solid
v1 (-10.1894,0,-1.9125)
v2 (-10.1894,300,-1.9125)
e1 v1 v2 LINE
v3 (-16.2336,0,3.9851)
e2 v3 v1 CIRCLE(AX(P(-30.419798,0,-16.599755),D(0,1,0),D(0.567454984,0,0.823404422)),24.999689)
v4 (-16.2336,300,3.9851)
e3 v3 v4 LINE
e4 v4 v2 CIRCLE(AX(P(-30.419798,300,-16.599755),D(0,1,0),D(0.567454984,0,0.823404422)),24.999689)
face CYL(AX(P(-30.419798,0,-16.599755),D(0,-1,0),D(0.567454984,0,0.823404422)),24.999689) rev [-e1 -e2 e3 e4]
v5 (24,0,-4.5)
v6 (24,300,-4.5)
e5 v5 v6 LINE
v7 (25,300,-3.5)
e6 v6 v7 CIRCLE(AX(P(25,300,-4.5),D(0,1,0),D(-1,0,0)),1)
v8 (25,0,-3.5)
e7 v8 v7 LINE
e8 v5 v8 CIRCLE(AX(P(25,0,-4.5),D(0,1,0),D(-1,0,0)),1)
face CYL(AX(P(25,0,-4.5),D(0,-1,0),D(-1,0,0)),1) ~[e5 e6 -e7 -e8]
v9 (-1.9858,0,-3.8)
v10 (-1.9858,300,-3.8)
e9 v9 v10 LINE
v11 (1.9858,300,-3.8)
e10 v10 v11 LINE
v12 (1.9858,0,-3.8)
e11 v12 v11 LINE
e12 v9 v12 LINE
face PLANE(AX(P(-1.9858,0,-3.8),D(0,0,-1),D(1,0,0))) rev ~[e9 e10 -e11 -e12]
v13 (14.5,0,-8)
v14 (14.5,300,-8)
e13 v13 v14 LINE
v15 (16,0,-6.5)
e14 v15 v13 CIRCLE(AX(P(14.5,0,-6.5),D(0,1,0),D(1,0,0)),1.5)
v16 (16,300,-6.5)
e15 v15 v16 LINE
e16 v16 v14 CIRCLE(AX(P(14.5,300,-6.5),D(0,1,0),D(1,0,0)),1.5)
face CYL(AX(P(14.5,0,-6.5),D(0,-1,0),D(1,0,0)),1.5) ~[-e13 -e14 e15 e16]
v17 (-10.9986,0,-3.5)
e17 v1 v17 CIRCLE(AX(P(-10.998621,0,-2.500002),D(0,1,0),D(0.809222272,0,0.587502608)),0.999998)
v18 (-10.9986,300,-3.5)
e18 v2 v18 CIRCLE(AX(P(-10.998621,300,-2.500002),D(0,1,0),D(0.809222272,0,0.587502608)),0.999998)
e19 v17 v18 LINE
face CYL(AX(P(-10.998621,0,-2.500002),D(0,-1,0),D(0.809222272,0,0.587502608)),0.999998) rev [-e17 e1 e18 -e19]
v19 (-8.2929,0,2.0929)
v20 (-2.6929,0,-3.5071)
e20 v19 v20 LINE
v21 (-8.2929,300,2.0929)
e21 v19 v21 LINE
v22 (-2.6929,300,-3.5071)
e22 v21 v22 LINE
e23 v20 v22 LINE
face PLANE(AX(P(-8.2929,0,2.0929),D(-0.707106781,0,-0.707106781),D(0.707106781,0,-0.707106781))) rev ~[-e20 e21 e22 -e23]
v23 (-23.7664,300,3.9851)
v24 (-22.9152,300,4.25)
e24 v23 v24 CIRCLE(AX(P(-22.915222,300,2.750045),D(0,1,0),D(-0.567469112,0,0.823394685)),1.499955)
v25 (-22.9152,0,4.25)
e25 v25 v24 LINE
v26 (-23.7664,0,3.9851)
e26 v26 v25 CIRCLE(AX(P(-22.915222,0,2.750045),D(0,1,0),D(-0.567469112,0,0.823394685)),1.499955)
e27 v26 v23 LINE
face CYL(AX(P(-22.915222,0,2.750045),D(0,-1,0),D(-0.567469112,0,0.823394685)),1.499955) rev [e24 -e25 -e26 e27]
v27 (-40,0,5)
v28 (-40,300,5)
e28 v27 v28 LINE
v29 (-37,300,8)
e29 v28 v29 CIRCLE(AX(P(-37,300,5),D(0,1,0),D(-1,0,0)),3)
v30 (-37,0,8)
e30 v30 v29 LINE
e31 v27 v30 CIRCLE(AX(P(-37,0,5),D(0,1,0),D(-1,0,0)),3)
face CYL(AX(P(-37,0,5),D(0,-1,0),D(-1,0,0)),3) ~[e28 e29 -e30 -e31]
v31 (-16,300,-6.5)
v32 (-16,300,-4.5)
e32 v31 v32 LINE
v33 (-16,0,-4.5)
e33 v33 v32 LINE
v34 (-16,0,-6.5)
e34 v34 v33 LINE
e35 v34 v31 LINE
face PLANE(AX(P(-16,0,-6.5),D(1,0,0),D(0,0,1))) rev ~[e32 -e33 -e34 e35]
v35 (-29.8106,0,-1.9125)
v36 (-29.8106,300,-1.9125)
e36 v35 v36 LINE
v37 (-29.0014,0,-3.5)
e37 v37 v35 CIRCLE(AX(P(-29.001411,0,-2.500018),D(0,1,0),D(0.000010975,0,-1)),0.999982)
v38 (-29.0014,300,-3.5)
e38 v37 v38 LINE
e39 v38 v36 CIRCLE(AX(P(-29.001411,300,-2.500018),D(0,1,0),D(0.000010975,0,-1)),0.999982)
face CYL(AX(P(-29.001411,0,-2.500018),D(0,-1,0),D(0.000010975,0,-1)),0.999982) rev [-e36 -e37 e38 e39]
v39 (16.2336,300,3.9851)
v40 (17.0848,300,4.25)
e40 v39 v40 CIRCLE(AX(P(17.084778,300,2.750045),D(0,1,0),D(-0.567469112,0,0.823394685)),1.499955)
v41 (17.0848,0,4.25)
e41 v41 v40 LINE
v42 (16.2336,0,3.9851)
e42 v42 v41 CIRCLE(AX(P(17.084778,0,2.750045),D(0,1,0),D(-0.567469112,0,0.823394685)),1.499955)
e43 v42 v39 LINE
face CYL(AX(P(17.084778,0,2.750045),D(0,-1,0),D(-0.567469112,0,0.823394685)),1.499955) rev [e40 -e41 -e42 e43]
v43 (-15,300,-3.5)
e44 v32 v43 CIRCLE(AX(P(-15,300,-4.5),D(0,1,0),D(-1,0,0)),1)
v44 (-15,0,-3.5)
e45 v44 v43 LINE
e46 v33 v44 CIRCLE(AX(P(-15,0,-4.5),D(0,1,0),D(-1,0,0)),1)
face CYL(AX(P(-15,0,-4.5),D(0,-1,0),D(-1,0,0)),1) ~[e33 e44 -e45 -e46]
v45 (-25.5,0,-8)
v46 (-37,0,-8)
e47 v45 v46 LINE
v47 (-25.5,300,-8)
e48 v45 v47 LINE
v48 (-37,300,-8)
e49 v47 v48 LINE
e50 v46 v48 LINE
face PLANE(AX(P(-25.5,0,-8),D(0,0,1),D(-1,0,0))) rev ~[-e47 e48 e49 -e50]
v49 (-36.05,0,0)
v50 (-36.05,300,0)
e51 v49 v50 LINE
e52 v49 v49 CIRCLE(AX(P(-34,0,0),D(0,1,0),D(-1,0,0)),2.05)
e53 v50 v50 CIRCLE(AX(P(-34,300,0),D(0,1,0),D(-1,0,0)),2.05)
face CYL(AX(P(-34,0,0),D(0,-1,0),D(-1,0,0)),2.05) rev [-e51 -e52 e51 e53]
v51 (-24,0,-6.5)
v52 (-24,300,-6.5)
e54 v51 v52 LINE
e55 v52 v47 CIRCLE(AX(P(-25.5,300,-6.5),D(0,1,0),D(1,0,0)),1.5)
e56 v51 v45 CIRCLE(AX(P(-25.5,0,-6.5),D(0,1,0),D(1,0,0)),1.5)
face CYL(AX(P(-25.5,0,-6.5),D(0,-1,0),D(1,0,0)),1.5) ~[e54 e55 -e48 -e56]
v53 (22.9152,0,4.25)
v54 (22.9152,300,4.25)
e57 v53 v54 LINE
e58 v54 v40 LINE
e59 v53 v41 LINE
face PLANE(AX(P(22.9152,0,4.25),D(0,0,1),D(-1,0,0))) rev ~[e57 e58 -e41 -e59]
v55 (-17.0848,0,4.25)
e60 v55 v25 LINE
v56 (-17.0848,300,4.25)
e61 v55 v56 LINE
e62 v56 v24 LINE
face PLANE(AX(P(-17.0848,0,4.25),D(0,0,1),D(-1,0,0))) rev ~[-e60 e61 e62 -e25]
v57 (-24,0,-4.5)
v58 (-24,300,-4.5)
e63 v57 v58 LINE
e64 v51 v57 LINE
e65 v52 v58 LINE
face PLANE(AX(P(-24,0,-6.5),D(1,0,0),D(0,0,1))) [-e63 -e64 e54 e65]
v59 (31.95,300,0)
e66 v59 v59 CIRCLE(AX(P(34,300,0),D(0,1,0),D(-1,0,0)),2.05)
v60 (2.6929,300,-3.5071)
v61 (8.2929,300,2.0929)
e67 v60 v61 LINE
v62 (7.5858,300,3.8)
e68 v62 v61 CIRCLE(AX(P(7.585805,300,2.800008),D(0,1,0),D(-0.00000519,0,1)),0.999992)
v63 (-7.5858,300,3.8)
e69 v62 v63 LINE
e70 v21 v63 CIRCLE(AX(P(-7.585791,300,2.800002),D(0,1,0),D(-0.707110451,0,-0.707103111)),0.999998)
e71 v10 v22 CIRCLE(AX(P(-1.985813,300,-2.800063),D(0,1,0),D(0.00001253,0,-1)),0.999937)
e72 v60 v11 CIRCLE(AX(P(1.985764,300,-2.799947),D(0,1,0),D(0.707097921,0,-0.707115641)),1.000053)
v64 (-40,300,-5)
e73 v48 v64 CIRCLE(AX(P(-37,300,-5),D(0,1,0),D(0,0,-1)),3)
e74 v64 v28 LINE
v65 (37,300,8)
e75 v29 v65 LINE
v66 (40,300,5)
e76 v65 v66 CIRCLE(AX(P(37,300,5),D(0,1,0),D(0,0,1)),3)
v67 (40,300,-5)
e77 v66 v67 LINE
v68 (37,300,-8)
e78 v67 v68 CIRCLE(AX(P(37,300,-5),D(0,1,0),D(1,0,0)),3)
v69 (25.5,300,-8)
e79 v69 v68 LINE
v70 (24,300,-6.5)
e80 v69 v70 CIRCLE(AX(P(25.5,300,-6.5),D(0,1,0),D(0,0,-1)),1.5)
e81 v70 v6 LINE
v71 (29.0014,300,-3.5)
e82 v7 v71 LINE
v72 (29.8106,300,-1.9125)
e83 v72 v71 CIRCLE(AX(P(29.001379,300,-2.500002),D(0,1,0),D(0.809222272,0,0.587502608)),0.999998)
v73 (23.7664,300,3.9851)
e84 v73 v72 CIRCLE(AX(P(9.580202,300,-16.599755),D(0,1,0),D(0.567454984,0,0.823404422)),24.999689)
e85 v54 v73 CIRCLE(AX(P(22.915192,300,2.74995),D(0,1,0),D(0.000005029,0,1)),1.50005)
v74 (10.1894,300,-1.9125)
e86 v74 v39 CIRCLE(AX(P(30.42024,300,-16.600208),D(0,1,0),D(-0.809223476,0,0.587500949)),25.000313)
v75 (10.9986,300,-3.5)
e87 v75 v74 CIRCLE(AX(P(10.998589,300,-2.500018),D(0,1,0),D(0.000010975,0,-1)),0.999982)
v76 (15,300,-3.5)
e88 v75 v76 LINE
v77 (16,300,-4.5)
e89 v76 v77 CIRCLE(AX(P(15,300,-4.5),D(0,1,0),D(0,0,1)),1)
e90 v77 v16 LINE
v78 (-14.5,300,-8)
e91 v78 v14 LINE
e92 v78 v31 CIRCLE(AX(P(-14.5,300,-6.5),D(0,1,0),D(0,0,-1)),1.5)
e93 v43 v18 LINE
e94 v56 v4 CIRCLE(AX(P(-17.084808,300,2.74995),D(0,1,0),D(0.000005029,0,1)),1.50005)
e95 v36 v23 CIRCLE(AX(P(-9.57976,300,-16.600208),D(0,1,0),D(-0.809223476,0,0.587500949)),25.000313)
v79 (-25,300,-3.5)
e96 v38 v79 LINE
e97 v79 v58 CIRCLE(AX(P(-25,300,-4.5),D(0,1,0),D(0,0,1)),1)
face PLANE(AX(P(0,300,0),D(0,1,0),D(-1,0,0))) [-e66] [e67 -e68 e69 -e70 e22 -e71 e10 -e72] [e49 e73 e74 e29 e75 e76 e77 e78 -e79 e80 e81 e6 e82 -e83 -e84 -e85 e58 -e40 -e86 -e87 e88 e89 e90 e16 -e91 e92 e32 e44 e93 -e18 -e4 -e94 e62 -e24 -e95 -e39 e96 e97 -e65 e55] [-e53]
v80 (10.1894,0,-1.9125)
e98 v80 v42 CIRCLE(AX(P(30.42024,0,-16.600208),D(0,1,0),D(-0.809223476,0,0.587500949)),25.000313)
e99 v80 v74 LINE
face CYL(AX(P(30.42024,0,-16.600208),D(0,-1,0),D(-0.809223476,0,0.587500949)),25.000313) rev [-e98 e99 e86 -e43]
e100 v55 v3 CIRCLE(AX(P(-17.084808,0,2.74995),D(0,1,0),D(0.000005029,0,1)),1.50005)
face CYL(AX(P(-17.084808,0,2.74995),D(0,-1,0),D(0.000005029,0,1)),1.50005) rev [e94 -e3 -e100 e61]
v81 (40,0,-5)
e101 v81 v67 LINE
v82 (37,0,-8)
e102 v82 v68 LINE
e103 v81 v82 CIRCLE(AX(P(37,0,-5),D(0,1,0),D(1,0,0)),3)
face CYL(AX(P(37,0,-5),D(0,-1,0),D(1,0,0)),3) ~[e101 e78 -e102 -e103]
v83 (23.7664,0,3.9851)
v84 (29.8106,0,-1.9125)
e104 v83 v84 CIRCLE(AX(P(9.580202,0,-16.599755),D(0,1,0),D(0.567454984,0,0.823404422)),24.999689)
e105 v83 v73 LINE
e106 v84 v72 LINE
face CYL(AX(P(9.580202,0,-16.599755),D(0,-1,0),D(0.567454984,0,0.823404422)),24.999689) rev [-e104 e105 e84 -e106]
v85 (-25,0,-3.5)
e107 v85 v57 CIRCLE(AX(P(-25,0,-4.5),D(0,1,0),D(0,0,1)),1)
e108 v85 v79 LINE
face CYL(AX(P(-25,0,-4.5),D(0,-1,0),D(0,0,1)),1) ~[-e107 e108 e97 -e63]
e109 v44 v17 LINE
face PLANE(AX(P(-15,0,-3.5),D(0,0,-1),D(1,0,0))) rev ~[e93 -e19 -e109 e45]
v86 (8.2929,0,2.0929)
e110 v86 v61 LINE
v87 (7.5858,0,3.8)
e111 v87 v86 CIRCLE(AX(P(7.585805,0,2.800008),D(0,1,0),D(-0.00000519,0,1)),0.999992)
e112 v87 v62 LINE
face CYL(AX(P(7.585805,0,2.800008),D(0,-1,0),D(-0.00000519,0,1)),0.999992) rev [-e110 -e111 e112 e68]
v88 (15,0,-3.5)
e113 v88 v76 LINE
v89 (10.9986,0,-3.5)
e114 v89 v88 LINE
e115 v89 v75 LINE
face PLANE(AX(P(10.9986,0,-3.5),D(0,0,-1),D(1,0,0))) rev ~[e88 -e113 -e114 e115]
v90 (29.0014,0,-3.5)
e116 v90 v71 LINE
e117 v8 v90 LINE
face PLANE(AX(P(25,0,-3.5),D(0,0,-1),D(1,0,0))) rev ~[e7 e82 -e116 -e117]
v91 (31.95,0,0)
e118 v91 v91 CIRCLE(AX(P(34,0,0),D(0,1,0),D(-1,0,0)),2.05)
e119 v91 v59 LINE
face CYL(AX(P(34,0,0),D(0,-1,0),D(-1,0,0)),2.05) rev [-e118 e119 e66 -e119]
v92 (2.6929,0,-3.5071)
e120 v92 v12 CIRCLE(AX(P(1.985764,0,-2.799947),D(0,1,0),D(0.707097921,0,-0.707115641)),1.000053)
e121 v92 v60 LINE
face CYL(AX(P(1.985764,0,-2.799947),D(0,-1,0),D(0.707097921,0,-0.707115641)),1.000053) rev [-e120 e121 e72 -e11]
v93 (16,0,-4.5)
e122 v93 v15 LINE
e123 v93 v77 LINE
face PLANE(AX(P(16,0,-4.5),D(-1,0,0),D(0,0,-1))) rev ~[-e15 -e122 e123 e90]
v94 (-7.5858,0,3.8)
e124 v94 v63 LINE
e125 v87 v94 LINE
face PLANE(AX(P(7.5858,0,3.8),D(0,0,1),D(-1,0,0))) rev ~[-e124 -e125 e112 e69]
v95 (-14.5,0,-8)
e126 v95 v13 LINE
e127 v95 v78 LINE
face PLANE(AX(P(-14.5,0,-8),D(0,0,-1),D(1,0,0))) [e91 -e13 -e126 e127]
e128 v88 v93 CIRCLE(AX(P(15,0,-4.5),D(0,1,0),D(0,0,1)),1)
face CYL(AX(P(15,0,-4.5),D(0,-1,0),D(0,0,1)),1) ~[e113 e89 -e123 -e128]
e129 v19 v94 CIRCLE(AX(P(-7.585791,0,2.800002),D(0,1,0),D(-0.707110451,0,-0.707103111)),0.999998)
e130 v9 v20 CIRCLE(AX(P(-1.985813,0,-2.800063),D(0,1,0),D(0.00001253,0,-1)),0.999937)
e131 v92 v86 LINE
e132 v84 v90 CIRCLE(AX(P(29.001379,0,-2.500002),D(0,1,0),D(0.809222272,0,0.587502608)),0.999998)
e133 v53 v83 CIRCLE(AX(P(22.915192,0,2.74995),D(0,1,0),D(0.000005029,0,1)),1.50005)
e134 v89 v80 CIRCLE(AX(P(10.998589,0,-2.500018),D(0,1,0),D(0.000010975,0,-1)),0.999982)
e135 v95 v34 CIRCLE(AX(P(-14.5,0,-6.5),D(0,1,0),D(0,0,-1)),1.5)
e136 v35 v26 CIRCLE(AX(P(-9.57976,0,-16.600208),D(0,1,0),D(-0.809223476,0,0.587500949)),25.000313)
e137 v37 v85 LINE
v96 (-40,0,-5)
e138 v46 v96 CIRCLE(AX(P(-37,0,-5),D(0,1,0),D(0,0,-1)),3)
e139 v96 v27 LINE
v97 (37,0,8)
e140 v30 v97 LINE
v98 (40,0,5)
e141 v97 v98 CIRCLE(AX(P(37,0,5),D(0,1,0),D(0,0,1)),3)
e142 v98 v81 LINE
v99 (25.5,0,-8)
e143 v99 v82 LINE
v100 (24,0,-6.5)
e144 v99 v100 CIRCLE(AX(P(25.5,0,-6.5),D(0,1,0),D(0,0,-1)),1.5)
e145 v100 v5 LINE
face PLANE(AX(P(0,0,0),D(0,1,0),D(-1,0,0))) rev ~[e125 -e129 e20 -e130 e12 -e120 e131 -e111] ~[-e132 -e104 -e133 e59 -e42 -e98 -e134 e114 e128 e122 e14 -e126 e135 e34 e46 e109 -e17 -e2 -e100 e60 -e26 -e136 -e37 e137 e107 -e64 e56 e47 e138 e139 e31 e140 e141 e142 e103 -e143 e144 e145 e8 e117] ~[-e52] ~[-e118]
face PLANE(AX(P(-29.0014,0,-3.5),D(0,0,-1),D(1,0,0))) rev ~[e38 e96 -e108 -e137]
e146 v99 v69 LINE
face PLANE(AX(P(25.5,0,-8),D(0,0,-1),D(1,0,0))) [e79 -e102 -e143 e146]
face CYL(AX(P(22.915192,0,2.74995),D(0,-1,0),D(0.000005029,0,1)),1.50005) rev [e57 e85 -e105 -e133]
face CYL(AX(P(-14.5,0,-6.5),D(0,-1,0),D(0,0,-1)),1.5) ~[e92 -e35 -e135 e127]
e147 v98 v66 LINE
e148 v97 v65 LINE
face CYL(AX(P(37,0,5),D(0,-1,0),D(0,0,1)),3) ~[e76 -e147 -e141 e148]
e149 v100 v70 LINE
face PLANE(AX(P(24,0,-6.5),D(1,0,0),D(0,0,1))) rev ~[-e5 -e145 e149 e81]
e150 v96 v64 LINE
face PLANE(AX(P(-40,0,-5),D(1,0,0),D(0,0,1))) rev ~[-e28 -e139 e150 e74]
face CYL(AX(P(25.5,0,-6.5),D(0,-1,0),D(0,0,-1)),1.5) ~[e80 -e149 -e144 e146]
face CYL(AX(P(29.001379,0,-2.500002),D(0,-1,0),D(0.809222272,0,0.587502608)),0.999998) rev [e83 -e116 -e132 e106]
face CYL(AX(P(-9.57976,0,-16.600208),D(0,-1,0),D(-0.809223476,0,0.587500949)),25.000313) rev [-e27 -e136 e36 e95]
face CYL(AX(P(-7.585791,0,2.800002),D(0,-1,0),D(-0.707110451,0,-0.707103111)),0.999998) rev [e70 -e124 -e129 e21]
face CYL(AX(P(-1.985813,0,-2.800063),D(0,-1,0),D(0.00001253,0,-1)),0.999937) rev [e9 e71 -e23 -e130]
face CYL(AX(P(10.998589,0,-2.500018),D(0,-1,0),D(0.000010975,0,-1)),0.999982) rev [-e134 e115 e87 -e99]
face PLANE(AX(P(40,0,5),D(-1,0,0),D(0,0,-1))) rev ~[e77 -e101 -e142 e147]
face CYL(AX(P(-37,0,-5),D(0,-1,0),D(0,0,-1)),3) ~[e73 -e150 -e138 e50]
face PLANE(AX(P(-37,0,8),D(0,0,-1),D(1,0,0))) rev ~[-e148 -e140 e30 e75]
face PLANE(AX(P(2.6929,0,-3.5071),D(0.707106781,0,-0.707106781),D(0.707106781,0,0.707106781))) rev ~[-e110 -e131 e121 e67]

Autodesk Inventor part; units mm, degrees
ref_plane "YZ Plane" through (0, 0, 0) normal (1, 0, 0) x (0, 1, 0)
ref_plane "Start Plane" through (0, 0, 0) normal (0, 1, 0) x (-1, 0, 0)
ref_plane "End Plane" through (0, 300, 0) normal (0, 1, 0) x (-1, 0, 0)
sketch "Sketch1" plane through (0, 0, 0) normal (0, 1, 0) x (-1, 0, 0)
  line L0 (40, -5) -> (40, 5)
  arc A0 (40, 5) -> (37, 8) centre (37, 5) ccw
  line L1 (37, 8) -> (-37, 8)
  line L2 (14.5, -8) -> (-14.5, -8)
  arc A1 (14.5, -8) -> (16, -6.5) centre (14.5, -6.5) ccw
  line L3 (-25.5, -8) -> (-37, -8)
  arc A2 (-25.5, -8) -> (-24, -6.5) centre (-25.5, -6.5) ccw
  arc A3 (-37, 8) -> (-40, 5) centre (-37, 5) ccw
  line L4 (-40, 5) -> (-40, -5)
  arc A4 (-40, -5) -> (-37, -8) centre (-37, -5) ccw
  line L5 (-24, -6.5) -> (-24, -4.5)
  arc A5 (-24, -4.5) -> (-25, -3.5) centre (-25, -4.5) ccw
  line L6 (-25, -3.5) -> (-29.0014, -3.5)
  arc A6 (-29.8106, -1.9125) -> (-29.0014, -3.5) centre (-29.0014, -2.5) ccw
  arc A7 (-23.7664, 3.9851) -> (-29.8106, -1.9125) centre (-9.58, -16.6) ccw
  arc A8 (-22.9152, 4.25) -> (-23.7664, 3.9851) centre (-22.9152, 2.75) ccw
  line L7 (-22.9152, 4.25) -> (-17.0848, 4.25)
  arc A9 (-16.2336, 3.9851) -> (-17.0848, 4.25) centre (-17.0848, 2.75) ccw
  arc A10 (-10.1894, -1.9125) -> (-16.2336, 3.9851) centre (-30.42, -16.6) ccw
  arc A11 (-10.9986, -3.5) -> (-10.1894, -1.9125) centre (-10.9986, -2.5) ccw
  line L8 (-10.9986, -3.5) -> (-15, -3.5)
  arc A12 (-15, -3.5) -> (-16, -4.5) centre (-15, -4.5) ccw
  line L9 (-16, -4.5) -> (-16, -6.5)
  arc A13 (-16, -6.5) -> (-14.5, -8) centre (-14.5, -6.5) ccw
  line L10 (16, -6.5) -> (16, -4.5)
  arc A14 (16, -4.5) -> (15, -3.5) centre (15, -4.5) ccw
  line L11 (15, -3.5) -> (10.9986, -3.5)
  arc A15 (10.1894, -1.9125) -> (10.9986, -3.5) centre (10.9986, -2.5) ccw
  arc A16 (16.2336, 3.9851) -> (10.1894, -1.9125) centre (30.42, -16.6) ccw
  arc A17 (17.0848, 4.25) -> (16.2336, 3.9851) centre (17.0848, 2.75) ccw
  line L12 (17.0848, 4.25) -> (22.9152, 4.25)
  arc A18 (23.7664, 3.9851) -> (22.9152, 4.25) centre (22.9152, 2.75) ccw
  arc A19 (29.8106, -1.9125) -> (23.7664, 3.9851) centre (9.58, -16.6) ccw
  arc A20 (29.0014, -3.5) -> (29.8106, -1.9125) centre (29.0014, -2.5) ccw
  line L13 (29.0014, -3.5) -> (25, -3.5)
  arc A21 (25, -3.5) -> (24, -4.5) centre (25, -4.5) ccw
  line L14 (1.9858, -3.8) -> (-1.9858, -3.8)
  arc A22 (-2.6929, -3.5071) -> (-1.9858, -3.8) centre (-1.9858, -2.8) ccw
  line L15 (-2.6929, -3.5071) -> (-8.2929, 2.0929)
  arc A23 (-7.5858, 3.8) -> (-8.2929, 2.0929) centre (-7.5858, 2.8) ccw
  line L16 (-7.5858, 3.8) -> (7.5858, 3.8)
  arc A24 (8.2929, 2.0929) -> (7.5858, 3.8) centre (7.5858, 2.8) ccw
  line L17 (8.2929, 2.0929) -> (2.6929, -3.5071)
  arc A25 (1.9858, -3.8) -> (2.6929, -3.5071) centre (1.9858, -2.8) ccw
  circle A26 centre (-34, 0) radius 2.05
  circle A27 centre (34, 0) radius 2.05
  line L18 (25.5, -8) -> (37, -8)
  arc A28 (24, -6.5) -> (25.5, -8) centre (25.5, -6.5) ccw
  arc A29 (37, -8) -> (40, -5) centre (37, -5) ccw
  line L19 (24, -6.5) -> (24, -4.5)
  point P0 (0, 0)
extrude "Body" add sketch "Sketch1" along normal up to surface (300 mm away) from surface at 0
sketch "Sketch2" plane through (0, 0, 0) normal (0, 1, 0) x (-1, 0, 0)
  line L0 (0, 0) -> (10, 0)
ref_plane "Work Plane3" through (0, 0, 0) normal (0, 0, -1) x (-1, 0, 0)
sketch "Sketch3" plane through (0, 0, 0) normal (0, 0, -1) x (-1, 0, 0)
  line L0 (-2, 0) -> (12, 0)
  line L1 (-2, 300) -> (12, 300)
  dimension "d15" = 300
ref_plane "Piano di lavoro4" through (-37, 0, -8) normal (0, 0, 1) x (1, 0, 0)
equation "\"G_OFFSET_START\" = 0"
equation "\"G_OFFSET_END\" = 0"
equation "\"G_L\" = d15"
properties part number "10-081"
